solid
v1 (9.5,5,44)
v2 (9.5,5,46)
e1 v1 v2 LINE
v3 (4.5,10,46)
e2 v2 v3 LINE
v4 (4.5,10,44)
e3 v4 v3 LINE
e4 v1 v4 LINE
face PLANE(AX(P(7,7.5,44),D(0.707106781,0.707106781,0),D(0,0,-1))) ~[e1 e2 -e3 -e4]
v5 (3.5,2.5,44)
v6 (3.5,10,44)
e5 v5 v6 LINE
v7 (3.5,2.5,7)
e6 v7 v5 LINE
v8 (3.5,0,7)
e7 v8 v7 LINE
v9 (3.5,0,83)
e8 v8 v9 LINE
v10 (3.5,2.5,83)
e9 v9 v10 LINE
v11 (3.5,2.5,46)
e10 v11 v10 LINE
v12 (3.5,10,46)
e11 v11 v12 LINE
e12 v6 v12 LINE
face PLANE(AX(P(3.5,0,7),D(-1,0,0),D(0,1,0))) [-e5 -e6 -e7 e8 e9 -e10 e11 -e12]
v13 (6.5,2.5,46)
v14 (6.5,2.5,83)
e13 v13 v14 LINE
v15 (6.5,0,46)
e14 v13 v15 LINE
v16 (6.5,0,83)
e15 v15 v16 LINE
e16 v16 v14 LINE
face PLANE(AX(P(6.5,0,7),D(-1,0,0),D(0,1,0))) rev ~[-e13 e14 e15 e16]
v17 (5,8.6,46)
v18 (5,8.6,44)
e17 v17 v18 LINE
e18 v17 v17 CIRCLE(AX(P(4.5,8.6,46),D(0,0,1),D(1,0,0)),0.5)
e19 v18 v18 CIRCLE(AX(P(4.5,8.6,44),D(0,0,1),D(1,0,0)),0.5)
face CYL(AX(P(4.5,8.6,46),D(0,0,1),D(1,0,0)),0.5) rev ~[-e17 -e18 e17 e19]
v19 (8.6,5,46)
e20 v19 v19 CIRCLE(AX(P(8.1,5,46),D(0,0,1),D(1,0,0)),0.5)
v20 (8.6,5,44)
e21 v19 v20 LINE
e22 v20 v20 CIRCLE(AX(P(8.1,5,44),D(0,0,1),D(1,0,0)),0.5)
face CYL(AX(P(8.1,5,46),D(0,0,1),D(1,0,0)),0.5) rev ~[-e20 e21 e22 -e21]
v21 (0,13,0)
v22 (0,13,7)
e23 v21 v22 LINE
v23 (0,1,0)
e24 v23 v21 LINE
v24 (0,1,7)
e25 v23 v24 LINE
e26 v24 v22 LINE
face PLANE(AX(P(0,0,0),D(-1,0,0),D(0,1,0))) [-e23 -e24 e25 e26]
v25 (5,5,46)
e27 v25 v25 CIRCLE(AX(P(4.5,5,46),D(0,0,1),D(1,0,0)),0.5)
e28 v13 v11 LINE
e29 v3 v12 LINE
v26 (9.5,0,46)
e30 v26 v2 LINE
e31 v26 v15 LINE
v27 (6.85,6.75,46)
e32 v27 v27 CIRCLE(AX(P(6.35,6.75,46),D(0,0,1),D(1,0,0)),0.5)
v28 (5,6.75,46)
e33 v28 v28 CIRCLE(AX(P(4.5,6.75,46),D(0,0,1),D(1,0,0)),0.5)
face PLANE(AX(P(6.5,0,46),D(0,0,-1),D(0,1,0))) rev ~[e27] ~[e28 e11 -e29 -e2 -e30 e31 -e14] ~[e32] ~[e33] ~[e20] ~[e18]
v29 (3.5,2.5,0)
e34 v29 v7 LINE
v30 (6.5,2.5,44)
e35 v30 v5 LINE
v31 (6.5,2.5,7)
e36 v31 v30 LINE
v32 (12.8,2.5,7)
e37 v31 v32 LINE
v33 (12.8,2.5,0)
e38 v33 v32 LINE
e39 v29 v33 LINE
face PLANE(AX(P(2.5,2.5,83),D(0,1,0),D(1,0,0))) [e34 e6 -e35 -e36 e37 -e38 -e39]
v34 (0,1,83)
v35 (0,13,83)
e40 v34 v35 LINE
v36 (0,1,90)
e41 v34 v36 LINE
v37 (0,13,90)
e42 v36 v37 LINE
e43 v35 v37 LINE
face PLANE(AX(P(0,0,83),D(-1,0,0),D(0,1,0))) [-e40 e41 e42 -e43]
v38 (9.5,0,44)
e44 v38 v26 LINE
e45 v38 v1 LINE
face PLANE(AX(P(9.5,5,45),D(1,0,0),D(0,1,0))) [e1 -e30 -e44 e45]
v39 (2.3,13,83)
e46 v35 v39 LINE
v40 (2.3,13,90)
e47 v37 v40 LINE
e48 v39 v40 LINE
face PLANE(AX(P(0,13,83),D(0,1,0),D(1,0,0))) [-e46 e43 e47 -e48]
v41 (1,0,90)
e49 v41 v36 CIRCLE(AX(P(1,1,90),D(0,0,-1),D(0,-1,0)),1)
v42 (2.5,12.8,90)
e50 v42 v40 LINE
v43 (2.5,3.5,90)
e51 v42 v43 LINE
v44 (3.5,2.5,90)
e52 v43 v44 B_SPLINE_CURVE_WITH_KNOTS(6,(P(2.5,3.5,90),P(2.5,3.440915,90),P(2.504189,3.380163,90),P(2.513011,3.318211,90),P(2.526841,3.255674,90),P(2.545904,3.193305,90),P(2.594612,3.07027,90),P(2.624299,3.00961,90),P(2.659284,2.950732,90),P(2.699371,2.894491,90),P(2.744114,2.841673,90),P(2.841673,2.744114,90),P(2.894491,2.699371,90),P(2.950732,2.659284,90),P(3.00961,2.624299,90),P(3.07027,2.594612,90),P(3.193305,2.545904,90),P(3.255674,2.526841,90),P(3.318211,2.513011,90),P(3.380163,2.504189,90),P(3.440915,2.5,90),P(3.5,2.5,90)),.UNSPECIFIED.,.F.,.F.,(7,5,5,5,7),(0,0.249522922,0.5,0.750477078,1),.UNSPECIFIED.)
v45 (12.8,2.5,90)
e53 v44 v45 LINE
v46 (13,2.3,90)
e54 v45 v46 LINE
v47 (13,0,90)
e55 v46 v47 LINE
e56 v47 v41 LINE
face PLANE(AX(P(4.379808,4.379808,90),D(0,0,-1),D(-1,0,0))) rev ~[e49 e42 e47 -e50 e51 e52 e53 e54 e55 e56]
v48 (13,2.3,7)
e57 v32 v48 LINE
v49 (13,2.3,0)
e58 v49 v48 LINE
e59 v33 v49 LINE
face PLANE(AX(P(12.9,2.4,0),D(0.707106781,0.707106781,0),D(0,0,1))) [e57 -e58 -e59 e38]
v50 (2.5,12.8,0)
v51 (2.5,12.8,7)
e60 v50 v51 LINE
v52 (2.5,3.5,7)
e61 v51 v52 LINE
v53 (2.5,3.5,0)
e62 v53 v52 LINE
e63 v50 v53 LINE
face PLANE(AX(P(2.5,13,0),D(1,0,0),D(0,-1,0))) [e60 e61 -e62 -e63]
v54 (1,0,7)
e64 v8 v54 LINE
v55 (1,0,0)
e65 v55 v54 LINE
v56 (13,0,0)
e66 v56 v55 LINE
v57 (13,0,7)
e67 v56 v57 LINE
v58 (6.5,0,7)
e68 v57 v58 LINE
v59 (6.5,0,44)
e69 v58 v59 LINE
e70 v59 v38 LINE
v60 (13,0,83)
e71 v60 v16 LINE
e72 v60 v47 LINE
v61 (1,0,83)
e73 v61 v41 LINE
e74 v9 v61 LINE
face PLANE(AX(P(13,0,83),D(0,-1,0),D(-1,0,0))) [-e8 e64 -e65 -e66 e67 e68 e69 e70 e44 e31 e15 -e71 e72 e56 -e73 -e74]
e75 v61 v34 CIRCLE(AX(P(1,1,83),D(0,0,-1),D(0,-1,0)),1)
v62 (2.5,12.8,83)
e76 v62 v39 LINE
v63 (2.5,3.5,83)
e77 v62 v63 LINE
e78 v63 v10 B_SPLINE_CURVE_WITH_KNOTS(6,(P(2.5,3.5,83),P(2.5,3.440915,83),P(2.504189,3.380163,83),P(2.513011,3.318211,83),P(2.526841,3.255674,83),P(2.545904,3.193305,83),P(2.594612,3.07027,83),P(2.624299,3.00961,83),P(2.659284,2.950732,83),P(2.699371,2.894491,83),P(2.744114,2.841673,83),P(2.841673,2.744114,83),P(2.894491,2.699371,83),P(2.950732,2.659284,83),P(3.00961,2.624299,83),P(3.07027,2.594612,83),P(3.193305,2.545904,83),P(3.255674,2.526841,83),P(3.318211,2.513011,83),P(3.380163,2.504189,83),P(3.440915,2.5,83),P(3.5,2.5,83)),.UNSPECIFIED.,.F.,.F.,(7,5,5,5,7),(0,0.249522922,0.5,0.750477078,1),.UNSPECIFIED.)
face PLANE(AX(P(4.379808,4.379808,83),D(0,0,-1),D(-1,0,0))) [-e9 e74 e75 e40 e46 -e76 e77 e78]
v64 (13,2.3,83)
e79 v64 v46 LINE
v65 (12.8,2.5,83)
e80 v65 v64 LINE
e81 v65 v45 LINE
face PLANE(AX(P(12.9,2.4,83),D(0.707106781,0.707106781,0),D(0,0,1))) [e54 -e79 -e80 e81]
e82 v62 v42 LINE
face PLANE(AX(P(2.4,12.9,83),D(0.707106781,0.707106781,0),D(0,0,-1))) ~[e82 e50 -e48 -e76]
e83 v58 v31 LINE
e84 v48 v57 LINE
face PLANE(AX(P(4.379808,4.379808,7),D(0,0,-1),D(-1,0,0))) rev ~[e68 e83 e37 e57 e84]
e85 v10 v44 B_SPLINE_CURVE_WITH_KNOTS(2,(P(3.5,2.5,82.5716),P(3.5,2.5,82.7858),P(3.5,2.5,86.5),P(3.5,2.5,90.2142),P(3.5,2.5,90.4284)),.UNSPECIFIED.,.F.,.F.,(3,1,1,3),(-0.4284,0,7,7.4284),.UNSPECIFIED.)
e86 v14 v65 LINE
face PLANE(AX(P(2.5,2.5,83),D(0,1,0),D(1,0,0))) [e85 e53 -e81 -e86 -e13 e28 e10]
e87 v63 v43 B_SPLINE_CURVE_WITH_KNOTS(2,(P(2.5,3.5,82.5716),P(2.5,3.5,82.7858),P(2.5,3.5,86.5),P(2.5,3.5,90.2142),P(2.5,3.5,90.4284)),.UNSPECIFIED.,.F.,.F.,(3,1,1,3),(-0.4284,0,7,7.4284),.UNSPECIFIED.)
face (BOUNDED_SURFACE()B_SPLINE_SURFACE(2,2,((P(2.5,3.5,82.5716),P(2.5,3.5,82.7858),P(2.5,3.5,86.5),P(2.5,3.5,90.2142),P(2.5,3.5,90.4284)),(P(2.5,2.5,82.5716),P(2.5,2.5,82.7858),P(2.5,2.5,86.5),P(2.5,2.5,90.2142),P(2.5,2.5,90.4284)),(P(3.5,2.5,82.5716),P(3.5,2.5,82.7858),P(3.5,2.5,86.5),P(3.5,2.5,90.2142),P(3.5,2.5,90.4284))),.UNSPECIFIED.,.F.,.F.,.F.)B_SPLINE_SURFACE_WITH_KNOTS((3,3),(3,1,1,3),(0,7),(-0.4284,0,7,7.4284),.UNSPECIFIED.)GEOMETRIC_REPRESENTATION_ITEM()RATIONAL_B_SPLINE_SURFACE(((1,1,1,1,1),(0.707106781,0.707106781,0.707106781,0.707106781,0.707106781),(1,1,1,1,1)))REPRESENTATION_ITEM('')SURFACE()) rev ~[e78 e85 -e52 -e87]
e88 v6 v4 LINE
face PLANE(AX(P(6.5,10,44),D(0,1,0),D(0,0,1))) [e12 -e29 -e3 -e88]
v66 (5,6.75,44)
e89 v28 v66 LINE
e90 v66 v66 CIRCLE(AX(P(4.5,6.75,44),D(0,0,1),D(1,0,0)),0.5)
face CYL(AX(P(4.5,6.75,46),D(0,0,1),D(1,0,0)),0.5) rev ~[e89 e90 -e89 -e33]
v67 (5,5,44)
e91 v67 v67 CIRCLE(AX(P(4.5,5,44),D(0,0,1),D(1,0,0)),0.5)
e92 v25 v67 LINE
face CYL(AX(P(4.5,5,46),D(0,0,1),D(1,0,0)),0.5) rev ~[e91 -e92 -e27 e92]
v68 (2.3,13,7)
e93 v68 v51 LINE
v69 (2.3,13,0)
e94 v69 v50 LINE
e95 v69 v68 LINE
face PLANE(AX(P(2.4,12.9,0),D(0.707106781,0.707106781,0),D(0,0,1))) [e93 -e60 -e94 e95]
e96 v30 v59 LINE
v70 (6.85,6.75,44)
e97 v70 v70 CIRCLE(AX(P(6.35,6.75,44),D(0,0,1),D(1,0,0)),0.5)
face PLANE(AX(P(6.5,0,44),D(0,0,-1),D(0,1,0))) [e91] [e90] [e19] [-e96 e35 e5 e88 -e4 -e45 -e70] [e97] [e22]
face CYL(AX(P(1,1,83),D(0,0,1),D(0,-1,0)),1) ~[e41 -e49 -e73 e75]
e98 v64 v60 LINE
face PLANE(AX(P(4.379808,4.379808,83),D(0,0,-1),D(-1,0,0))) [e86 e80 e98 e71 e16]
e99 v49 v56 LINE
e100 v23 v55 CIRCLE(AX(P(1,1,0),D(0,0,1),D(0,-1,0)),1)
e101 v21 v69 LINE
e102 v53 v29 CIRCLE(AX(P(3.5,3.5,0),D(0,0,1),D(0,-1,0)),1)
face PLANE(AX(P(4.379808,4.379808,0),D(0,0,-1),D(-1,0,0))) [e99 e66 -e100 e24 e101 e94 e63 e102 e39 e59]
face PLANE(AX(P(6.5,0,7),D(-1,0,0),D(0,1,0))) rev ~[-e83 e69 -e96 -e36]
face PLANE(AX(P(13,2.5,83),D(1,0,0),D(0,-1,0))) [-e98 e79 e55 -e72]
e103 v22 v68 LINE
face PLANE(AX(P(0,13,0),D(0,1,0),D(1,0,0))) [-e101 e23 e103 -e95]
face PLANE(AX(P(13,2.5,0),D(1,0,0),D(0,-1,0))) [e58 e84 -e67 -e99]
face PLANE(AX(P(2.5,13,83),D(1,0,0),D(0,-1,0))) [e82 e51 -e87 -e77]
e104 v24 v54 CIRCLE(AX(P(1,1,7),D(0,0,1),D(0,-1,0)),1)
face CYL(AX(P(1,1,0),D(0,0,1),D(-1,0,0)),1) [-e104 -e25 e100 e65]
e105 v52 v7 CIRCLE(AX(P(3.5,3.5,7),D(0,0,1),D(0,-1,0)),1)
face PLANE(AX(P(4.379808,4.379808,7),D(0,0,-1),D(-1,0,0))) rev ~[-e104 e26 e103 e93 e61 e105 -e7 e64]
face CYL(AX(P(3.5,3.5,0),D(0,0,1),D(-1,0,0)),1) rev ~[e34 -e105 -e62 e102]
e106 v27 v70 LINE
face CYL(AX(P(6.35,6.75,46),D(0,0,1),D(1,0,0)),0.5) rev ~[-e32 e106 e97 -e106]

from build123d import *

# Parameters (mm, degrees)
PAD_DEPTH       = 7
FILLET_R        = 1
FILLET001_R     = 1
CHAMFER_SIZE    = 0.2
CHAMFER001_SIZE = 0.2
SKETCH001_W     = 3
SKETCH001_H     = 2.5
PAD001_DEPTH    = 76
PAD002_DEPTH    = 7
FILLET002_R     = 1
FILLET003_R     = 1
CHAMFER002_SIZE = 0.2
CHAMFER003_SIZE = 0.2
SKETCH003_W     = 10
SKETCH003_H     = 2
PAD003_DEPTH    = 3
CHAMFER004_SIZE = 5
SKETCH004_R     = 0.5
POCKET_DEPTH    = 46.001


with BuildPart() as part:
    # Sketch → Pad (new body)
    with BuildSketch(Plane.XY):
        Polygon((0, 0), (0, 13), (2.5, 13), (2.5, 2.5), (13, 2.5), (13, 0), align=None)
    extrude(amount=PAD_DEPTH)

    # Fillet
    fillet_edges = [part.edges().sort_by_distance(p)[0] for p in [
        (2.5, 2.5, 3.5),
    ]]
    fillet(fillet_edges, radius=FILLET_R)

    # Fillet001
    fillet001_edges = [part.edges().sort_by_distance(p)[0] for p in [
        (0, 0, 3.5),
    ]]
    fillet(fillet001_edges, radius=FILLET001_R)

    # Chamfer
    chamfer_edges = [part.edges().sort_by_distance(p)[0] for p in [
        (2.5, 13, 3.5),
    ]]
    chamfer(chamfer_edges, length=CHAMFER_SIZE)

    # Chamfer001
    chamfer001_edges = [part.edges().sort_by_distance(p)[0] for p in [
        (13, 2.5, 3.5),
    ]]
    chamfer(chamfer001_edges, length=CHAMFER001_SIZE)

    # Sketch001 → Pad001 (new body)
    with BuildSketch(Plane.XY.offset(7)):
        with Locations((5, 1.25)):
            Rectangle(SKETCH001_W, SKETCH001_H)
    extrude(amount=PAD001_DEPTH)

    # Sketch002 → Pad002 (new body)
    with BuildSketch(Plane.XY.offset(83)):
        Polygon((2.5, 2.5), (13, 2.5), (13, 0), (0, 0), (0, 13), (2.5, 13), align=None)
    extrude(amount=PAD002_DEPTH)

    # Fillet002
    fillet002_edges = [part.edges().sort_by_distance(p)[0] for p in [
        (0, 0, 86.5),
    ]]
    fillet(fillet002_edges, radius=FILLET002_R)

    # Fillet003
    fillet003_edges = [part.edges().sort_by_distance(p)[0] for p in [
        (2.5, 2.5, 86.5),
    ]]
    fillet(fillet003_edges, radius=FILLET003_R)

    # Chamfer002
    chamfer002_edges = [part.edges().sort_by_distance(p)[0] for p in [
        (2.5, 13, 86.5),
    ]]
    chamfer(chamfer002_edges, length=CHAMFER002_SIZE)

    # Chamfer003
    chamfer003_edges = [part.edges().sort_by_distance(p)[0] for p in [
        (13, 2.5, 86.5),
    ]]
    chamfer(chamfer003_edges, length=CHAMFER003_SIZE)

    # Sketch003 → Pad003 (new body, symmetric)
    with BuildSketch(Plane.YZ.offset(6.5)):
        with Locations((5, 45)):
            Rectangle(SKETCH003_W, SKETCH003_H)
    extrude(amount=PAD003_DEPTH, both=True)

    # Chamfer004
    chamfer004_edges = [part.edges().sort_by_distance(p)[0] for p in [
        (9.5, 10, 45),
    ]]
    chamfer(chamfer004_edges, length=CHAMFER004_SIZE)

    # Sketch004 → Pocket (cut, through all)
    with BuildSketch(Plane.XY.offset(46)):
        with Locations((4.5, 8.6)):
            Circle(SKETCH004_R)
        with Locations((4.5, 6.75)):
            Circle(SKETCH004_R)
        with Locations((4.5, 5)):
            Circle(SKETCH004_R)
        with Locations((6.35, 6.75)):
            Circle(SKETCH004_R)
        with Locations((8.1, 5)):
            Circle(SKETCH004_R)
    extrude(amount=-POCKET_DEPTH, mode=Mode.SUBTRACT)


solid = part.part
